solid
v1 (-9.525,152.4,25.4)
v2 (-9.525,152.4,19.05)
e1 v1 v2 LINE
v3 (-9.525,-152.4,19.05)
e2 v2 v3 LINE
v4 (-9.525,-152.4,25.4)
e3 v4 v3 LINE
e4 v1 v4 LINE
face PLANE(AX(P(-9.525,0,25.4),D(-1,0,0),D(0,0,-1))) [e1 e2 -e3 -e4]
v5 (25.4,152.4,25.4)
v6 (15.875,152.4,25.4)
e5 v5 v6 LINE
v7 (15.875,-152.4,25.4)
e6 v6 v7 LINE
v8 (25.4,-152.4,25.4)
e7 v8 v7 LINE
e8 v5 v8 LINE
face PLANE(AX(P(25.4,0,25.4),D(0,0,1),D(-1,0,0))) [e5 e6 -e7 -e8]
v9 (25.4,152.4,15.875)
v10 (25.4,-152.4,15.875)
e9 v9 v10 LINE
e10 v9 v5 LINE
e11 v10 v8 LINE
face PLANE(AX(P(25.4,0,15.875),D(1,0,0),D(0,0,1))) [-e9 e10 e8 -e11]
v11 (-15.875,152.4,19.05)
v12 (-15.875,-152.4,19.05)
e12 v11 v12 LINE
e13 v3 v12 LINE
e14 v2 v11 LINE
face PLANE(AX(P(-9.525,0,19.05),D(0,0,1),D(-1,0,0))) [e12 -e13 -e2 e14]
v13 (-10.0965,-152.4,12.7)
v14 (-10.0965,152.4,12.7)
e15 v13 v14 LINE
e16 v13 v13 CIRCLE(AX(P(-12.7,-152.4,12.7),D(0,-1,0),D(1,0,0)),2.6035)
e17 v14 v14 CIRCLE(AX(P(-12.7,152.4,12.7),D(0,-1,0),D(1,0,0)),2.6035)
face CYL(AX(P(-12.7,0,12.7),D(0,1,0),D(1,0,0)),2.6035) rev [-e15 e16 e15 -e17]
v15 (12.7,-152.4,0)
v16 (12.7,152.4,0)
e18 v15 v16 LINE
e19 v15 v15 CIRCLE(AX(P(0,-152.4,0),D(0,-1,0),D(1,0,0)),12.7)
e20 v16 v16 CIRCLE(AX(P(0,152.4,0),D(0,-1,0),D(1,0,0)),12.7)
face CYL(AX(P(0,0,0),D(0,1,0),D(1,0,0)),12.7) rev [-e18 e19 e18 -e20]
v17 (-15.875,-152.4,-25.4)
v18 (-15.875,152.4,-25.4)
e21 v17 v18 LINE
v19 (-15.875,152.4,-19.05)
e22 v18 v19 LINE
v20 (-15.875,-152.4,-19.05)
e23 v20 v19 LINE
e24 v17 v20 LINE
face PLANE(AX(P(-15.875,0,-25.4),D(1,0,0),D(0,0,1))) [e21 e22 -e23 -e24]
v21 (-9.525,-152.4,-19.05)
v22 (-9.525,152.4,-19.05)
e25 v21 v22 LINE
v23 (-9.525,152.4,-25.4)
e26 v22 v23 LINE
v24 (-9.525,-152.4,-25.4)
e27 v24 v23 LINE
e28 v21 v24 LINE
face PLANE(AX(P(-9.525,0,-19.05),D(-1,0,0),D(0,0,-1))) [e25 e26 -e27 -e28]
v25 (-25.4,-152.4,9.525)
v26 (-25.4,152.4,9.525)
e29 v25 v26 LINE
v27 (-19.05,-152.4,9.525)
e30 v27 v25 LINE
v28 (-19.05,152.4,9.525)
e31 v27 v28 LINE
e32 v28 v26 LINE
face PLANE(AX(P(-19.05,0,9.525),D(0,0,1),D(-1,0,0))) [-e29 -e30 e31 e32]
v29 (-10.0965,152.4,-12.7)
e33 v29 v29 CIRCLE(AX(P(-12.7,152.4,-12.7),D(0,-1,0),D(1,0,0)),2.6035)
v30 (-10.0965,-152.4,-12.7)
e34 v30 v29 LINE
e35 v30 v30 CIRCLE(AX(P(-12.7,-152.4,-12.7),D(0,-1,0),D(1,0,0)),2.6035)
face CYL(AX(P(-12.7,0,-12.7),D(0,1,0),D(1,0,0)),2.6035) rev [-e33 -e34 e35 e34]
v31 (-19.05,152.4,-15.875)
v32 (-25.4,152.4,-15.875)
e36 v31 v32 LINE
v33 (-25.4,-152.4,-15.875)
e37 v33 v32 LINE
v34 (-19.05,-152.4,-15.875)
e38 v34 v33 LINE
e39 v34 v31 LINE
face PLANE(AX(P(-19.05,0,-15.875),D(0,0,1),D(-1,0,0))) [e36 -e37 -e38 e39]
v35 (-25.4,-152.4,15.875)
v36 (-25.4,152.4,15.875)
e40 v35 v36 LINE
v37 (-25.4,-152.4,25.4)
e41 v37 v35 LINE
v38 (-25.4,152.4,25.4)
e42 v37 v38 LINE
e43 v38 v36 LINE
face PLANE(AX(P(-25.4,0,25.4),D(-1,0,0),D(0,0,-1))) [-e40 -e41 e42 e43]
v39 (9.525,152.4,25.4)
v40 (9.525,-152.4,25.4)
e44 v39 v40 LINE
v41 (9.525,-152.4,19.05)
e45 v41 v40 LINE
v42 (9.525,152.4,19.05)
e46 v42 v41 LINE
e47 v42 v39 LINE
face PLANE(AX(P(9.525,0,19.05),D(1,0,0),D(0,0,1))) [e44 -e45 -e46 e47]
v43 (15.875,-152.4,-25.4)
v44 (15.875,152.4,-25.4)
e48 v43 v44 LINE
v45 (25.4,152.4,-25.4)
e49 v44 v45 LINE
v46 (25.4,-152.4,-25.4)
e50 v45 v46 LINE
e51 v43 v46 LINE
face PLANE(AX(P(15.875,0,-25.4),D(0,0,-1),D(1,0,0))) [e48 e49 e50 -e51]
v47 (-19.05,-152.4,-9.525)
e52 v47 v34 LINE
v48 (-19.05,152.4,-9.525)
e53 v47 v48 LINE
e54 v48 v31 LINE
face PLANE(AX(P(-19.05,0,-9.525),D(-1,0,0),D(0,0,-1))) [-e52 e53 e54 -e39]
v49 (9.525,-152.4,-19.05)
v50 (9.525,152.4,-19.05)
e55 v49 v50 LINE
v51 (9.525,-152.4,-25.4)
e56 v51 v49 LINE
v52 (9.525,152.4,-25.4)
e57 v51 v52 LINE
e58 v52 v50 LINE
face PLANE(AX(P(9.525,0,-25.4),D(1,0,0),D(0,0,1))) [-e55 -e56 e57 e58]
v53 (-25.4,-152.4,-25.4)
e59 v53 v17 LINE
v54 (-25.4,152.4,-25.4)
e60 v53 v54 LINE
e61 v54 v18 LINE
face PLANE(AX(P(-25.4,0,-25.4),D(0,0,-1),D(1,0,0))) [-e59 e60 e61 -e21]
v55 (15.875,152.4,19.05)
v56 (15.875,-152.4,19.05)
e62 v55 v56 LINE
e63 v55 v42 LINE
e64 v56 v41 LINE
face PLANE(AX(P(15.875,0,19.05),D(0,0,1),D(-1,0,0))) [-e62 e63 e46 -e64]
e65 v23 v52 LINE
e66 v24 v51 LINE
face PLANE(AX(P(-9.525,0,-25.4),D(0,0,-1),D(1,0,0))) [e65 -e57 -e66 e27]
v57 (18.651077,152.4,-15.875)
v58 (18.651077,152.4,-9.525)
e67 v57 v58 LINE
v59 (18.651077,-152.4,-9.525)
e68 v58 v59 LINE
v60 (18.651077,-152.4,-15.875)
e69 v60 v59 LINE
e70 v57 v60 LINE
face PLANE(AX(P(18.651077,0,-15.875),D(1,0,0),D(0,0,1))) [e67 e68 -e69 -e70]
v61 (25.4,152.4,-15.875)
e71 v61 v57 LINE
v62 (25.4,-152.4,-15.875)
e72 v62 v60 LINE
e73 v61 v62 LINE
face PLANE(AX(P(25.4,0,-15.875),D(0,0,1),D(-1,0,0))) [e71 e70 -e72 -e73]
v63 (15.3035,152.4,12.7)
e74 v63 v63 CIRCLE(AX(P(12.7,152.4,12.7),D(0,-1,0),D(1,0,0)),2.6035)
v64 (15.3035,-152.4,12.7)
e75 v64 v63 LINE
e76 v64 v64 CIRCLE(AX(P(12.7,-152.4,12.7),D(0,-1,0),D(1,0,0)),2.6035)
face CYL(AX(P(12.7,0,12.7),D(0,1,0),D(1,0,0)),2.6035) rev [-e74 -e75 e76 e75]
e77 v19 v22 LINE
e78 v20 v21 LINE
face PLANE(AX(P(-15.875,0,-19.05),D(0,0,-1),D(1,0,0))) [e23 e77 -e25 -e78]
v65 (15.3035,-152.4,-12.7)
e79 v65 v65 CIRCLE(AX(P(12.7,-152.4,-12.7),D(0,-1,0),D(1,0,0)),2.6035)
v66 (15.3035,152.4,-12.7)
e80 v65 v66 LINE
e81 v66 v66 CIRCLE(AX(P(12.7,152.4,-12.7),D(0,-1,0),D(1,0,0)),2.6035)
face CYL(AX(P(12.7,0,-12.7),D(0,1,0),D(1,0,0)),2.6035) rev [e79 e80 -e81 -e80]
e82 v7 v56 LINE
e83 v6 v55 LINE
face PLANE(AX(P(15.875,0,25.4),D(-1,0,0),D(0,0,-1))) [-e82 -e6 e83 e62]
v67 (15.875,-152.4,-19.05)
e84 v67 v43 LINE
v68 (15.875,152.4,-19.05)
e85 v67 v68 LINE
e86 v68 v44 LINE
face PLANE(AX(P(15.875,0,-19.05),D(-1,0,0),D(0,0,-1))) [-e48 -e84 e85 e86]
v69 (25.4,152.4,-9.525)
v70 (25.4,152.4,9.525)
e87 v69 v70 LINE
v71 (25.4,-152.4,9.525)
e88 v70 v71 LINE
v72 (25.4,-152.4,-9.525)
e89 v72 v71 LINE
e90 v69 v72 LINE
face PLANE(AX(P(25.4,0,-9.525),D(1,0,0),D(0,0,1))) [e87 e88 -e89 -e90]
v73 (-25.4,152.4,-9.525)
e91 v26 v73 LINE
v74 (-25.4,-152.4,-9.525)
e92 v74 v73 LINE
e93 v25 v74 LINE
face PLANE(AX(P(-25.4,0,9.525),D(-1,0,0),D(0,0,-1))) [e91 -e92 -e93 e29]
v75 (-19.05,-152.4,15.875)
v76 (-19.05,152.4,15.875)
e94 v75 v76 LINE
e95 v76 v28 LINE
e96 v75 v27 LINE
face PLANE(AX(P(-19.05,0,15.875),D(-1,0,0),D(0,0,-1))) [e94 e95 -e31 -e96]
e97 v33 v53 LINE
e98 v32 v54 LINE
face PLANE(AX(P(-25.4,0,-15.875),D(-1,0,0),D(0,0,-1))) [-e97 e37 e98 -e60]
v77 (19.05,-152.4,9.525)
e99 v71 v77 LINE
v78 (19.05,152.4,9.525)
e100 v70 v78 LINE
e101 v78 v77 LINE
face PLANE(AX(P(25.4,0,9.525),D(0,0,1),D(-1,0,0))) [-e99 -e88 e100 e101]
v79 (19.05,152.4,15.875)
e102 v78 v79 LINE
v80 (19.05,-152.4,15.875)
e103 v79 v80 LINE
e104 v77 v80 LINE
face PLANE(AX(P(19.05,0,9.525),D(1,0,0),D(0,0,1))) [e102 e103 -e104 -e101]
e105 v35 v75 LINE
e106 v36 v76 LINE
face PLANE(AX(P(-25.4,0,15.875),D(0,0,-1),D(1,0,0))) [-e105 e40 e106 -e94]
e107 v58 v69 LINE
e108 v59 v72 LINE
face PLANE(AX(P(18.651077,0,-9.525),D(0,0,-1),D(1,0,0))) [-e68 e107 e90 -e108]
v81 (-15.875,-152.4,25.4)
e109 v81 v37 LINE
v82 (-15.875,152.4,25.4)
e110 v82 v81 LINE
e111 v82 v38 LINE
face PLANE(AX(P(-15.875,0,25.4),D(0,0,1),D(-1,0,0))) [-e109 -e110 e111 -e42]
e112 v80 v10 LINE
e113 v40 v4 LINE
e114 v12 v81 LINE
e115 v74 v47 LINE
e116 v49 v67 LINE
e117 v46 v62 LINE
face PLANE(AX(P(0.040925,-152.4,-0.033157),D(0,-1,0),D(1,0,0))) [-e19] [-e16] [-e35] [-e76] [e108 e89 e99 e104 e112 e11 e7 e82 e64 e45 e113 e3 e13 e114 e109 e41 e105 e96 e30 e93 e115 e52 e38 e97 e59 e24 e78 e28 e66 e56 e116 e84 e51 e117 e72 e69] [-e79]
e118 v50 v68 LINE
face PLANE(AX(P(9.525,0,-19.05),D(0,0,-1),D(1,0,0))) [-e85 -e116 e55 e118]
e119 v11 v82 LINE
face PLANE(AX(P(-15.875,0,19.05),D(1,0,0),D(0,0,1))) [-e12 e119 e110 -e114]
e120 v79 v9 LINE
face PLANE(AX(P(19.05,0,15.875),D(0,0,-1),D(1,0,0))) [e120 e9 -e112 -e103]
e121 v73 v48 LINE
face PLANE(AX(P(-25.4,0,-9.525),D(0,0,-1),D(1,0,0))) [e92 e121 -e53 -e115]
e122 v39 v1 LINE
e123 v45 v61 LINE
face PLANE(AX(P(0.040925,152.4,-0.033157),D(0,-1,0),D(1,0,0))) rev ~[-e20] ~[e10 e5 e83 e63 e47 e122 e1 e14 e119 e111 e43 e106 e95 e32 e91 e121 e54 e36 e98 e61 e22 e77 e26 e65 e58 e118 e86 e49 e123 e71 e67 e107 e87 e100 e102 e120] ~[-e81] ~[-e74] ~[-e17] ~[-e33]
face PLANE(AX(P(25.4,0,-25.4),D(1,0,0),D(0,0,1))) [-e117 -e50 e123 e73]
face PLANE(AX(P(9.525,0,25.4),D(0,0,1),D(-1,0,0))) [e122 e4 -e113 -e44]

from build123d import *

# Parameters (mm, degrees)
F0_R     = 2.6035
F0_R_2   = 12.7
F1_DEPTH = 152.4


with BuildPart() as f1:
    # F0 (on Front) → F1 (new body, symmetric)
    with BuildSketch(Plane.XZ):
        Polygon((15.875, -25.4), (25.4, -25.4), (25.4, -15.875), (18.651077, -15.875), (18.651077, -9.525), (25.4, -9.525), (25.4, 9.525), (19.05, 9.525), (19.05, 15.875), (25.4, 15.875), (25.4, 25.4), (15.875, 25.4), (15.875, 19.05), (9.525, 19.05), (9.525, 25.4), (-9.525, 25.4), (-9.525, 19.05), (-15.875, 19.05), (-15.875, 25.4), (-25.4, 25.4), (-25.4, 15.875), (-19.05, 15.875), (-19.05, 9.525), (-25.4, 9.525), (-25.4, -9.525), (-19.05, -9.525), (-19.05, -15.875), (-25.4, -15.875), (-25.4, -25.4), (-15.875, -25.4), (-15.875, -19.05), (-9.525, -19.05), (-9.525, -25.4), (9.525, -25.4), (9.525, -19.05), (15.875, -19.05), align=None)
        with Locations((-12.7, -12.7)):
            Circle(F0_R, mode=Mode.SUBTRACT)
        Circle(F0_R_2, mode=Mode.SUBTRACT)
        with Locations((12.7, -12.7)):
            Circle(F0_R, mode=Mode.SUBTRACT)
        with Locations((-12.7, 12.7)):
            Circle(F0_R, mode=Mode.SUBTRACT)
        with Locations((12.7, 12.7)):
            Circle(F0_R, mode=Mode.SUBTRACT)
    extrude(amount=F1_DEPTH, both=True)


solid = f1.part
